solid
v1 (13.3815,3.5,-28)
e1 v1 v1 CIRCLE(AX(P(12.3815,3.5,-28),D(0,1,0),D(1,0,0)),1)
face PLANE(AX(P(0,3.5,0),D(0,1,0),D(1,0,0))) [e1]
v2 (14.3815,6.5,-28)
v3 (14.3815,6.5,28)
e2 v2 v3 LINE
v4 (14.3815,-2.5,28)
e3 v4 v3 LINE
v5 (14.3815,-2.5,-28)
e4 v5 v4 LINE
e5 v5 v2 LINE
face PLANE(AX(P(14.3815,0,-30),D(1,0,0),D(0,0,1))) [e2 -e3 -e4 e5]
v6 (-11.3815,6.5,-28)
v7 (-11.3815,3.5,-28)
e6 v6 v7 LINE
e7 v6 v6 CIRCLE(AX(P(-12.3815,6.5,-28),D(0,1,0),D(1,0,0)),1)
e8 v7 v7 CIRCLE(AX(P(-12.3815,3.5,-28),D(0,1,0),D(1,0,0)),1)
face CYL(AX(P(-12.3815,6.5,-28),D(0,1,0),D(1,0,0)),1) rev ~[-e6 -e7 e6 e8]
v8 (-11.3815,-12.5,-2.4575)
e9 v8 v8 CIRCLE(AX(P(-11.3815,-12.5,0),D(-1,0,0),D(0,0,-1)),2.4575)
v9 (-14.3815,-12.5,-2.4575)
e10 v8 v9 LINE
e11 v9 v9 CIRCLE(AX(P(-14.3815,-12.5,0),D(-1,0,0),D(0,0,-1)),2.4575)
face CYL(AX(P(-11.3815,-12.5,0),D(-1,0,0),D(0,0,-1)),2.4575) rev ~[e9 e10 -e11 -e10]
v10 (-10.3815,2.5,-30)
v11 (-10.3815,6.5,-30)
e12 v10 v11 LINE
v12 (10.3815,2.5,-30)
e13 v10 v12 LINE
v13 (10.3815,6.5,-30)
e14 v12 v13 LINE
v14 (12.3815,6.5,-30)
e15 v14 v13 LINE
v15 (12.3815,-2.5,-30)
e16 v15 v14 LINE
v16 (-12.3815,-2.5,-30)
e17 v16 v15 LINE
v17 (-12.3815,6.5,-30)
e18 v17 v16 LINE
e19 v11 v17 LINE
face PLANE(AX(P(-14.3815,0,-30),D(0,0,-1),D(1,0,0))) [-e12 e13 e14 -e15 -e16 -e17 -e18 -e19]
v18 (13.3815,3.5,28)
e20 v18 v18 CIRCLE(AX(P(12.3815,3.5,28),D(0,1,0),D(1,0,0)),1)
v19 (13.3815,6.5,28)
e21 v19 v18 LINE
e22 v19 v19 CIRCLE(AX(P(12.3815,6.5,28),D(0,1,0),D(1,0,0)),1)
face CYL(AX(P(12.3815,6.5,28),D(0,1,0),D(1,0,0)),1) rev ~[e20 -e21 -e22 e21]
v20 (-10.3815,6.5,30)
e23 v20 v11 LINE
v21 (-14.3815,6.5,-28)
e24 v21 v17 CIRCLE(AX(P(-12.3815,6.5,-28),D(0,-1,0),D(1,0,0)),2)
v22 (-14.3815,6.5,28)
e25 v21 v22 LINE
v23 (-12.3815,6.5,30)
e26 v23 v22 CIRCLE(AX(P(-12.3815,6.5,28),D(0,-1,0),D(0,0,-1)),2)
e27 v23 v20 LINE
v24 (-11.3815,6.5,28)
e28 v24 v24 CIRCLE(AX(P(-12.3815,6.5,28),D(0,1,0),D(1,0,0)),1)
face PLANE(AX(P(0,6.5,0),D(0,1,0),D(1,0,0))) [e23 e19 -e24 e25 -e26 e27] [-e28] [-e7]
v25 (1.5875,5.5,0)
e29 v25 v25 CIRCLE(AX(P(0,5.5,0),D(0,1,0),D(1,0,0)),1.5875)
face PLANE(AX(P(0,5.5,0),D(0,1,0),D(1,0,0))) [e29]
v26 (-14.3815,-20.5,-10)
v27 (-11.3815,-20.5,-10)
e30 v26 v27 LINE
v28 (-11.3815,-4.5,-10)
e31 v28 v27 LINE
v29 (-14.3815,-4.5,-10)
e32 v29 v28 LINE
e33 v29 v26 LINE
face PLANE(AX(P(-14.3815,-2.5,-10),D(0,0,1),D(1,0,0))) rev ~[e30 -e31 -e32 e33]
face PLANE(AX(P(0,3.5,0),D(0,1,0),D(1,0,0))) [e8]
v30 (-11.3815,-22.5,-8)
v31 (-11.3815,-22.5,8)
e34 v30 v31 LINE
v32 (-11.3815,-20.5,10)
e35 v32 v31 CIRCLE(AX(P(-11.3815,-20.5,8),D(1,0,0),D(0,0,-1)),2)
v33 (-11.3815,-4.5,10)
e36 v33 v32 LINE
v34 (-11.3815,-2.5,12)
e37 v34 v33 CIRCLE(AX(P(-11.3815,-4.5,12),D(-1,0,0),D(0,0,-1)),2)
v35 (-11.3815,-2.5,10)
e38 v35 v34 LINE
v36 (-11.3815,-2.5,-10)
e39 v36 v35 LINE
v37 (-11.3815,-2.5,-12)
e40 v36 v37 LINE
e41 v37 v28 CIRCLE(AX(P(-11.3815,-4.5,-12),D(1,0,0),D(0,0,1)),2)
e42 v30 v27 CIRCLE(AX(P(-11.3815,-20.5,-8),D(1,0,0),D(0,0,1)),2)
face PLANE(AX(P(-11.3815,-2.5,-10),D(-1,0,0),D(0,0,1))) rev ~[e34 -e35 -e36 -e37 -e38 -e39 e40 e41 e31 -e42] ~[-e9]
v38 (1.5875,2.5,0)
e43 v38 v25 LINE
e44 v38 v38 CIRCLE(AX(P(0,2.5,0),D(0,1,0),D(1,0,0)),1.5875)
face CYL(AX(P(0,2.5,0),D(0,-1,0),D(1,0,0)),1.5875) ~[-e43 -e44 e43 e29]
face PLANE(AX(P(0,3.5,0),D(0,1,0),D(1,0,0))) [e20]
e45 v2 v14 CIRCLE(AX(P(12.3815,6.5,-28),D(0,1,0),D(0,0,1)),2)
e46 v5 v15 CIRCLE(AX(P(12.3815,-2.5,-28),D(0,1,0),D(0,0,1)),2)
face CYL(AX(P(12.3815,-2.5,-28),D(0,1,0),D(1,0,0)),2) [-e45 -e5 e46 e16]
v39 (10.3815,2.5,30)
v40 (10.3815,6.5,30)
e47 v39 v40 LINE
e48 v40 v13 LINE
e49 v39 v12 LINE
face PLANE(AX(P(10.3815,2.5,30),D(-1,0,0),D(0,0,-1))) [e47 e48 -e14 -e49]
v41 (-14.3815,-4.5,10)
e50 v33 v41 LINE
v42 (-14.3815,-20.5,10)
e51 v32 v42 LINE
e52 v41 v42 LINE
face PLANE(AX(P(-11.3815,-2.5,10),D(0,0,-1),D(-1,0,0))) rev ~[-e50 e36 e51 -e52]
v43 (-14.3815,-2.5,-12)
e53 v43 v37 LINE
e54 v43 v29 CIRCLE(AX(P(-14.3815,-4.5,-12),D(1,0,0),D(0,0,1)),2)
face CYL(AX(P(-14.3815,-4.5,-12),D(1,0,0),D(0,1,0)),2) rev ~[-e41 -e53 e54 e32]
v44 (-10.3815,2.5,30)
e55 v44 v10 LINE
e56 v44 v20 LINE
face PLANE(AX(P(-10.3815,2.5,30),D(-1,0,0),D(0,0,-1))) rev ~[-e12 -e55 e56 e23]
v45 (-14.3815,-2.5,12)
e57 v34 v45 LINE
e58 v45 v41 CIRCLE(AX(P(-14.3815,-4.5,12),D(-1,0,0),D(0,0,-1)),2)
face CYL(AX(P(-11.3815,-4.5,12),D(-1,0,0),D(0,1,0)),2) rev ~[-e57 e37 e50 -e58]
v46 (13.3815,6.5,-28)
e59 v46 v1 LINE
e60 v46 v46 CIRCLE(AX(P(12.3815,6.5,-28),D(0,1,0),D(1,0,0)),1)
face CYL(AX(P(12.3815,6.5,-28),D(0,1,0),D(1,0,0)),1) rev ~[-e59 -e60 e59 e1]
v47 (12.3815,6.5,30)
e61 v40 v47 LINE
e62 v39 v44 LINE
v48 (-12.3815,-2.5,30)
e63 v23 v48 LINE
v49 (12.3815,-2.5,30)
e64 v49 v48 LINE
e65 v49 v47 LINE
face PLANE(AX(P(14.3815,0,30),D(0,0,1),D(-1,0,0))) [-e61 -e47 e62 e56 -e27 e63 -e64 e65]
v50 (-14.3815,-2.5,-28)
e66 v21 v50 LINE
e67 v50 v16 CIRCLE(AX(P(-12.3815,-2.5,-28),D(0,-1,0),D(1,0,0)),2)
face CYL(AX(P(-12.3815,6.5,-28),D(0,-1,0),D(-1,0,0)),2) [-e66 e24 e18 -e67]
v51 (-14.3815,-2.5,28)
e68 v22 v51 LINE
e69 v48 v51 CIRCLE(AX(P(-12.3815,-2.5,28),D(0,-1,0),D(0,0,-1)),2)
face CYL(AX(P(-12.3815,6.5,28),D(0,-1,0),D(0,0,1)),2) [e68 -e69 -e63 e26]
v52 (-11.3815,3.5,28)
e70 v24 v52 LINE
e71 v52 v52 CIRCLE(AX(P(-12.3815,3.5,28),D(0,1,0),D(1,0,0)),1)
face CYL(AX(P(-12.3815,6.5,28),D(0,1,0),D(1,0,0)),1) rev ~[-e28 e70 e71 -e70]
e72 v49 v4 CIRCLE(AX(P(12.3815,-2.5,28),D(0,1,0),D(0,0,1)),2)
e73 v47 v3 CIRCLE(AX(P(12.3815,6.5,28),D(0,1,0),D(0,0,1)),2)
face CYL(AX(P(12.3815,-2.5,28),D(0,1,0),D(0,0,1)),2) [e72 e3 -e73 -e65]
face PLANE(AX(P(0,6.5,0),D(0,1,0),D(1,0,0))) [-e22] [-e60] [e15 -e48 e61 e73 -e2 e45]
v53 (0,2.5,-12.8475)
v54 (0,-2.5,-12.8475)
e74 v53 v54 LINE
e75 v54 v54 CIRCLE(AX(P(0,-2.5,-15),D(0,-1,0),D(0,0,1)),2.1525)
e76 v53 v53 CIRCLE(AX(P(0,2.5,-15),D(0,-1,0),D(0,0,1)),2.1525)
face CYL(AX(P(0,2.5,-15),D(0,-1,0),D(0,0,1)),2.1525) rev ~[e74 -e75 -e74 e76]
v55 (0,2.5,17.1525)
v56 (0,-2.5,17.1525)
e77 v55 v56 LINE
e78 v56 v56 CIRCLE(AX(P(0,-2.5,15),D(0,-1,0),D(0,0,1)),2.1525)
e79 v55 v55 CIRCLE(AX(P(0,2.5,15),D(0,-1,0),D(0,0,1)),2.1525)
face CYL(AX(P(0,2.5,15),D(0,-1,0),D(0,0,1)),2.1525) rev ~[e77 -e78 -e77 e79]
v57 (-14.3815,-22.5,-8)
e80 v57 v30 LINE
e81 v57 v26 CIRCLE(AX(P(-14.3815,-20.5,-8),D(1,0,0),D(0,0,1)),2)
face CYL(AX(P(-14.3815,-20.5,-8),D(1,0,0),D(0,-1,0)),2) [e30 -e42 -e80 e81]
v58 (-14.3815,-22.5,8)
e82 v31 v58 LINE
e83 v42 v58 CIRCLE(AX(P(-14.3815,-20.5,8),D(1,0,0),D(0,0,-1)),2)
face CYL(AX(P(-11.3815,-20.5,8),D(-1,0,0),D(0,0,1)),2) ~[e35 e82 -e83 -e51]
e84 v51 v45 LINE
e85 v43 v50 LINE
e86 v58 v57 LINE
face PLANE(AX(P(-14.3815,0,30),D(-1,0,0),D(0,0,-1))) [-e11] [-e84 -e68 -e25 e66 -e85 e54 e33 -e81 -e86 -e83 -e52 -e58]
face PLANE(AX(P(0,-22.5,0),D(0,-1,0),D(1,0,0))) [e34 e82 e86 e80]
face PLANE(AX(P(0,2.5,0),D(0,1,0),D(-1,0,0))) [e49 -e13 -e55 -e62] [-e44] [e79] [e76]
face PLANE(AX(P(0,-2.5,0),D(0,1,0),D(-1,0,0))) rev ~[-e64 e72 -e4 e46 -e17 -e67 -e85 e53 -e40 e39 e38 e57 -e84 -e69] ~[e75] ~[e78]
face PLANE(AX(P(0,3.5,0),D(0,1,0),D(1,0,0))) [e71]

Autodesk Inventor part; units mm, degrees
ref_plane "YZ Plane" through (0, 0, 0) normal (1, 0, 0) x (0, 1, 0)
ref_plane "XZ Plane" through (0, 0, 0) normal (0, 1, 0) x (-1, 0, 0)
ref_plane "XY Plane" through (0, 0, 0) normal (0, 0, 1) x (1, 0, 0)
sketch "Sketch1" plane through (0, 0, 0) normal (0, 1, 0) x (-1, 0, 0)
  line L0 (-14.3815, 30) -> (14.3815, 30)
  line L1 (14.3815, 30) -> (14.3815, -30)
  line L2 (14.3815, -30) -> (-14.3815, -30)
  line L3 (-14.3815, -30) -> (-14.3815, 30)
  line L4 (-14.3815, 30) -> (14.3815, -30) construction
  line L5 (14.3815, 30) -> (-14.3815, -30) construction
  point P0 (0, 0)
  dimension "d0" = 60
  dimension "d1" = 28.763
extrude "Extrusion1" add sketch "Sketch1" along normal mid plane 5
sketch "Sketch2" plane through (0, 2.5, 0) normal (0, 1, 0) x (1, 0, 0)
  line L0 (-14.3815, -30) -> (14.3815, -30) projected
  line L1 (-14.3815, -30) -> (-10.3815, -30)
  line L2 (-10.3815, -30) -> (-10.3815, 30)
  line L3 (-10.3815, 30) -> (-14.3815, 30)
  line L4 (-14.3815, 30) -> (-14.3815, -30)
  line L5 (14.3815, 30) -> (-14.3815, 30) projected
  line L6 (14.3815, -30) -> (10.3815, -30)
  line L7 (10.3815, -30) -> (10.3815, 30)
  line L8 (10.3815, 30) -> (14.3815, 30)
  line L9 (14.3815, 30) -> (14.3815, -30)
  point P0 (0, 0)
  dimension "d4" = 4
  dimension "d5" = 4
extrude "Extrusion2" add sketch "Sketch2" along normal blind 4 contours L4 L3 L2 L0 | L7 L5 L9 L0
sketch "Sketch3" plane through (0, 2.5, 0) normal (0, 1, 0) x (1, 0, 0)
  circle A0 centre (0, 0) radius 1.5875
  dimension "d8" = 3.175
extrude "Extrusion3" add sketch "Sketch3" along normal blind 3
sketch "Sketch4" plane through (0, 2.5, 0) normal (0, 1, 0) x (1, 0, 0)
  line L0 (0, 0) -> (0, -30) construction
  line L1 (0, 0) -> (0, 30) construction
  line L2 (-10.3815, -30) -> (10.3815, -30) construction
  line L3 (10.3815, 30) -> (-10.3815, 30) construction
  point P0 (0, -15)
  point P1 (0, 15)
hole "Hole1" at (0, 2.5, 15) at (0, 2.5, -15) direction (0, -1, 0) diameter 4.305 end through all clearance for "Flat Head Machine Screw (82)" size "#6" standard "Ansi Unified Screw Threads"
sketch "Sketch5" plane through (0, 6.5, 0) normal (0, 1, 0) x (1, 0, 0)
  circle A0 centre (-12.3815, 28) radius 1
  circle A1 centre (-12.3815, -28) radius 1
  circle A2 centre (12.3815, -28) radius 1
  circle A3 centre (12.3815, 28) radius 1
  line L0 (-10.3815, 30) -> (-14.3815, 30) projected
  line L1 (14.3815, 30) -> (10.3815, 30) projected
  line L2 (-14.3815, -30) -> (-10.3815, -30) projected
  point P0 (0, 0)
  point P1 (-12.3815, 30)
  point P2 (12.3815, 30)
  dimension "d18" = 2
  dimension "d19" = 2
  dimension "d20" = 2
extrude "Extrusion4" cut sketch "Sketch5" against normal blind 3
sketch "Sketch7" plane through (0, -2.5, 0) normal (0, -1, 0) x (1, 0, 0)
  line L0 (14.3815, 30) -> (-14.3815, 30) projected
  line L1 (-14.3815, -10) -> (-11.3815, -10)
  line L2 (-11.3815, -10) -> (-11.3815, 10)
  line L3 (-11.3815, 10) -> (-14.3815, 10)
  line L4 (-14.3815, 10) -> (-14.3815, -10)
  line L5 (-14.3815, 30) -> (-14.3815, -30) projected
  point P0 (0, 0)
  point P1 (-14.3815, 0)
  dimension "d25" = 3
  dimension "d26" = 20
extrude "Extrusion5" add sketch "Sketch7" along normal blind 20
sketch "Sketch8" plane through (-11.3815, -2.5, 10) normal (1, 0, 0) x (0, 0, -1)
  line L0 (0, 0) -> (0, -20) projected
  line L1 (20, -20) -> (0, -20) projected
  point P0 (10, 2.5)
  point P1 (10, -10)
  point P2 (0, -10)
  point P3 (10, -20)
hole "Hole2" at (-11.3815, -12.5, 0) direction (-1, 0, 0) diameter 4.915 end through all clearance for "Flat Head Machine Screw (82)" size "#8" standard "Ansi Unified Screw Threads"
fillet "Fillet1" radius 2 8 edges at (14.3815, 2, 30) (-14.3815, 2, 30) (-14.3815, 2, -30) (14.3815, 2, -30) (-12.8815, -2.5, -10) (-12.8815, -2.5, 10) (-12.8815, -22.5, 10) (-12.8815, -22.5, -10)
equation "\"d5\" = d4"
equation "\"d20\" = d19"
equation "\"BendRadius\" = Thickness"
equation "\"BendReliefWidth\" = Thickness"
equation "\"BendReliefDepth\" = 0.5 * Thickness"
equation "\"CornerReliefSize\" = 4 * Thickness"
equation "\"MinimumRemnant\" = 2 * Thickness"
equation "\"TransitionRadius\" = BendRadius"
equation "\"JacobiRadiusSize\" = Thickness"
equation "\"GapSize\" = Thickness"
equation "\"Thickness\" = 0.5"
properties part number "CameraLinearSupporter"
